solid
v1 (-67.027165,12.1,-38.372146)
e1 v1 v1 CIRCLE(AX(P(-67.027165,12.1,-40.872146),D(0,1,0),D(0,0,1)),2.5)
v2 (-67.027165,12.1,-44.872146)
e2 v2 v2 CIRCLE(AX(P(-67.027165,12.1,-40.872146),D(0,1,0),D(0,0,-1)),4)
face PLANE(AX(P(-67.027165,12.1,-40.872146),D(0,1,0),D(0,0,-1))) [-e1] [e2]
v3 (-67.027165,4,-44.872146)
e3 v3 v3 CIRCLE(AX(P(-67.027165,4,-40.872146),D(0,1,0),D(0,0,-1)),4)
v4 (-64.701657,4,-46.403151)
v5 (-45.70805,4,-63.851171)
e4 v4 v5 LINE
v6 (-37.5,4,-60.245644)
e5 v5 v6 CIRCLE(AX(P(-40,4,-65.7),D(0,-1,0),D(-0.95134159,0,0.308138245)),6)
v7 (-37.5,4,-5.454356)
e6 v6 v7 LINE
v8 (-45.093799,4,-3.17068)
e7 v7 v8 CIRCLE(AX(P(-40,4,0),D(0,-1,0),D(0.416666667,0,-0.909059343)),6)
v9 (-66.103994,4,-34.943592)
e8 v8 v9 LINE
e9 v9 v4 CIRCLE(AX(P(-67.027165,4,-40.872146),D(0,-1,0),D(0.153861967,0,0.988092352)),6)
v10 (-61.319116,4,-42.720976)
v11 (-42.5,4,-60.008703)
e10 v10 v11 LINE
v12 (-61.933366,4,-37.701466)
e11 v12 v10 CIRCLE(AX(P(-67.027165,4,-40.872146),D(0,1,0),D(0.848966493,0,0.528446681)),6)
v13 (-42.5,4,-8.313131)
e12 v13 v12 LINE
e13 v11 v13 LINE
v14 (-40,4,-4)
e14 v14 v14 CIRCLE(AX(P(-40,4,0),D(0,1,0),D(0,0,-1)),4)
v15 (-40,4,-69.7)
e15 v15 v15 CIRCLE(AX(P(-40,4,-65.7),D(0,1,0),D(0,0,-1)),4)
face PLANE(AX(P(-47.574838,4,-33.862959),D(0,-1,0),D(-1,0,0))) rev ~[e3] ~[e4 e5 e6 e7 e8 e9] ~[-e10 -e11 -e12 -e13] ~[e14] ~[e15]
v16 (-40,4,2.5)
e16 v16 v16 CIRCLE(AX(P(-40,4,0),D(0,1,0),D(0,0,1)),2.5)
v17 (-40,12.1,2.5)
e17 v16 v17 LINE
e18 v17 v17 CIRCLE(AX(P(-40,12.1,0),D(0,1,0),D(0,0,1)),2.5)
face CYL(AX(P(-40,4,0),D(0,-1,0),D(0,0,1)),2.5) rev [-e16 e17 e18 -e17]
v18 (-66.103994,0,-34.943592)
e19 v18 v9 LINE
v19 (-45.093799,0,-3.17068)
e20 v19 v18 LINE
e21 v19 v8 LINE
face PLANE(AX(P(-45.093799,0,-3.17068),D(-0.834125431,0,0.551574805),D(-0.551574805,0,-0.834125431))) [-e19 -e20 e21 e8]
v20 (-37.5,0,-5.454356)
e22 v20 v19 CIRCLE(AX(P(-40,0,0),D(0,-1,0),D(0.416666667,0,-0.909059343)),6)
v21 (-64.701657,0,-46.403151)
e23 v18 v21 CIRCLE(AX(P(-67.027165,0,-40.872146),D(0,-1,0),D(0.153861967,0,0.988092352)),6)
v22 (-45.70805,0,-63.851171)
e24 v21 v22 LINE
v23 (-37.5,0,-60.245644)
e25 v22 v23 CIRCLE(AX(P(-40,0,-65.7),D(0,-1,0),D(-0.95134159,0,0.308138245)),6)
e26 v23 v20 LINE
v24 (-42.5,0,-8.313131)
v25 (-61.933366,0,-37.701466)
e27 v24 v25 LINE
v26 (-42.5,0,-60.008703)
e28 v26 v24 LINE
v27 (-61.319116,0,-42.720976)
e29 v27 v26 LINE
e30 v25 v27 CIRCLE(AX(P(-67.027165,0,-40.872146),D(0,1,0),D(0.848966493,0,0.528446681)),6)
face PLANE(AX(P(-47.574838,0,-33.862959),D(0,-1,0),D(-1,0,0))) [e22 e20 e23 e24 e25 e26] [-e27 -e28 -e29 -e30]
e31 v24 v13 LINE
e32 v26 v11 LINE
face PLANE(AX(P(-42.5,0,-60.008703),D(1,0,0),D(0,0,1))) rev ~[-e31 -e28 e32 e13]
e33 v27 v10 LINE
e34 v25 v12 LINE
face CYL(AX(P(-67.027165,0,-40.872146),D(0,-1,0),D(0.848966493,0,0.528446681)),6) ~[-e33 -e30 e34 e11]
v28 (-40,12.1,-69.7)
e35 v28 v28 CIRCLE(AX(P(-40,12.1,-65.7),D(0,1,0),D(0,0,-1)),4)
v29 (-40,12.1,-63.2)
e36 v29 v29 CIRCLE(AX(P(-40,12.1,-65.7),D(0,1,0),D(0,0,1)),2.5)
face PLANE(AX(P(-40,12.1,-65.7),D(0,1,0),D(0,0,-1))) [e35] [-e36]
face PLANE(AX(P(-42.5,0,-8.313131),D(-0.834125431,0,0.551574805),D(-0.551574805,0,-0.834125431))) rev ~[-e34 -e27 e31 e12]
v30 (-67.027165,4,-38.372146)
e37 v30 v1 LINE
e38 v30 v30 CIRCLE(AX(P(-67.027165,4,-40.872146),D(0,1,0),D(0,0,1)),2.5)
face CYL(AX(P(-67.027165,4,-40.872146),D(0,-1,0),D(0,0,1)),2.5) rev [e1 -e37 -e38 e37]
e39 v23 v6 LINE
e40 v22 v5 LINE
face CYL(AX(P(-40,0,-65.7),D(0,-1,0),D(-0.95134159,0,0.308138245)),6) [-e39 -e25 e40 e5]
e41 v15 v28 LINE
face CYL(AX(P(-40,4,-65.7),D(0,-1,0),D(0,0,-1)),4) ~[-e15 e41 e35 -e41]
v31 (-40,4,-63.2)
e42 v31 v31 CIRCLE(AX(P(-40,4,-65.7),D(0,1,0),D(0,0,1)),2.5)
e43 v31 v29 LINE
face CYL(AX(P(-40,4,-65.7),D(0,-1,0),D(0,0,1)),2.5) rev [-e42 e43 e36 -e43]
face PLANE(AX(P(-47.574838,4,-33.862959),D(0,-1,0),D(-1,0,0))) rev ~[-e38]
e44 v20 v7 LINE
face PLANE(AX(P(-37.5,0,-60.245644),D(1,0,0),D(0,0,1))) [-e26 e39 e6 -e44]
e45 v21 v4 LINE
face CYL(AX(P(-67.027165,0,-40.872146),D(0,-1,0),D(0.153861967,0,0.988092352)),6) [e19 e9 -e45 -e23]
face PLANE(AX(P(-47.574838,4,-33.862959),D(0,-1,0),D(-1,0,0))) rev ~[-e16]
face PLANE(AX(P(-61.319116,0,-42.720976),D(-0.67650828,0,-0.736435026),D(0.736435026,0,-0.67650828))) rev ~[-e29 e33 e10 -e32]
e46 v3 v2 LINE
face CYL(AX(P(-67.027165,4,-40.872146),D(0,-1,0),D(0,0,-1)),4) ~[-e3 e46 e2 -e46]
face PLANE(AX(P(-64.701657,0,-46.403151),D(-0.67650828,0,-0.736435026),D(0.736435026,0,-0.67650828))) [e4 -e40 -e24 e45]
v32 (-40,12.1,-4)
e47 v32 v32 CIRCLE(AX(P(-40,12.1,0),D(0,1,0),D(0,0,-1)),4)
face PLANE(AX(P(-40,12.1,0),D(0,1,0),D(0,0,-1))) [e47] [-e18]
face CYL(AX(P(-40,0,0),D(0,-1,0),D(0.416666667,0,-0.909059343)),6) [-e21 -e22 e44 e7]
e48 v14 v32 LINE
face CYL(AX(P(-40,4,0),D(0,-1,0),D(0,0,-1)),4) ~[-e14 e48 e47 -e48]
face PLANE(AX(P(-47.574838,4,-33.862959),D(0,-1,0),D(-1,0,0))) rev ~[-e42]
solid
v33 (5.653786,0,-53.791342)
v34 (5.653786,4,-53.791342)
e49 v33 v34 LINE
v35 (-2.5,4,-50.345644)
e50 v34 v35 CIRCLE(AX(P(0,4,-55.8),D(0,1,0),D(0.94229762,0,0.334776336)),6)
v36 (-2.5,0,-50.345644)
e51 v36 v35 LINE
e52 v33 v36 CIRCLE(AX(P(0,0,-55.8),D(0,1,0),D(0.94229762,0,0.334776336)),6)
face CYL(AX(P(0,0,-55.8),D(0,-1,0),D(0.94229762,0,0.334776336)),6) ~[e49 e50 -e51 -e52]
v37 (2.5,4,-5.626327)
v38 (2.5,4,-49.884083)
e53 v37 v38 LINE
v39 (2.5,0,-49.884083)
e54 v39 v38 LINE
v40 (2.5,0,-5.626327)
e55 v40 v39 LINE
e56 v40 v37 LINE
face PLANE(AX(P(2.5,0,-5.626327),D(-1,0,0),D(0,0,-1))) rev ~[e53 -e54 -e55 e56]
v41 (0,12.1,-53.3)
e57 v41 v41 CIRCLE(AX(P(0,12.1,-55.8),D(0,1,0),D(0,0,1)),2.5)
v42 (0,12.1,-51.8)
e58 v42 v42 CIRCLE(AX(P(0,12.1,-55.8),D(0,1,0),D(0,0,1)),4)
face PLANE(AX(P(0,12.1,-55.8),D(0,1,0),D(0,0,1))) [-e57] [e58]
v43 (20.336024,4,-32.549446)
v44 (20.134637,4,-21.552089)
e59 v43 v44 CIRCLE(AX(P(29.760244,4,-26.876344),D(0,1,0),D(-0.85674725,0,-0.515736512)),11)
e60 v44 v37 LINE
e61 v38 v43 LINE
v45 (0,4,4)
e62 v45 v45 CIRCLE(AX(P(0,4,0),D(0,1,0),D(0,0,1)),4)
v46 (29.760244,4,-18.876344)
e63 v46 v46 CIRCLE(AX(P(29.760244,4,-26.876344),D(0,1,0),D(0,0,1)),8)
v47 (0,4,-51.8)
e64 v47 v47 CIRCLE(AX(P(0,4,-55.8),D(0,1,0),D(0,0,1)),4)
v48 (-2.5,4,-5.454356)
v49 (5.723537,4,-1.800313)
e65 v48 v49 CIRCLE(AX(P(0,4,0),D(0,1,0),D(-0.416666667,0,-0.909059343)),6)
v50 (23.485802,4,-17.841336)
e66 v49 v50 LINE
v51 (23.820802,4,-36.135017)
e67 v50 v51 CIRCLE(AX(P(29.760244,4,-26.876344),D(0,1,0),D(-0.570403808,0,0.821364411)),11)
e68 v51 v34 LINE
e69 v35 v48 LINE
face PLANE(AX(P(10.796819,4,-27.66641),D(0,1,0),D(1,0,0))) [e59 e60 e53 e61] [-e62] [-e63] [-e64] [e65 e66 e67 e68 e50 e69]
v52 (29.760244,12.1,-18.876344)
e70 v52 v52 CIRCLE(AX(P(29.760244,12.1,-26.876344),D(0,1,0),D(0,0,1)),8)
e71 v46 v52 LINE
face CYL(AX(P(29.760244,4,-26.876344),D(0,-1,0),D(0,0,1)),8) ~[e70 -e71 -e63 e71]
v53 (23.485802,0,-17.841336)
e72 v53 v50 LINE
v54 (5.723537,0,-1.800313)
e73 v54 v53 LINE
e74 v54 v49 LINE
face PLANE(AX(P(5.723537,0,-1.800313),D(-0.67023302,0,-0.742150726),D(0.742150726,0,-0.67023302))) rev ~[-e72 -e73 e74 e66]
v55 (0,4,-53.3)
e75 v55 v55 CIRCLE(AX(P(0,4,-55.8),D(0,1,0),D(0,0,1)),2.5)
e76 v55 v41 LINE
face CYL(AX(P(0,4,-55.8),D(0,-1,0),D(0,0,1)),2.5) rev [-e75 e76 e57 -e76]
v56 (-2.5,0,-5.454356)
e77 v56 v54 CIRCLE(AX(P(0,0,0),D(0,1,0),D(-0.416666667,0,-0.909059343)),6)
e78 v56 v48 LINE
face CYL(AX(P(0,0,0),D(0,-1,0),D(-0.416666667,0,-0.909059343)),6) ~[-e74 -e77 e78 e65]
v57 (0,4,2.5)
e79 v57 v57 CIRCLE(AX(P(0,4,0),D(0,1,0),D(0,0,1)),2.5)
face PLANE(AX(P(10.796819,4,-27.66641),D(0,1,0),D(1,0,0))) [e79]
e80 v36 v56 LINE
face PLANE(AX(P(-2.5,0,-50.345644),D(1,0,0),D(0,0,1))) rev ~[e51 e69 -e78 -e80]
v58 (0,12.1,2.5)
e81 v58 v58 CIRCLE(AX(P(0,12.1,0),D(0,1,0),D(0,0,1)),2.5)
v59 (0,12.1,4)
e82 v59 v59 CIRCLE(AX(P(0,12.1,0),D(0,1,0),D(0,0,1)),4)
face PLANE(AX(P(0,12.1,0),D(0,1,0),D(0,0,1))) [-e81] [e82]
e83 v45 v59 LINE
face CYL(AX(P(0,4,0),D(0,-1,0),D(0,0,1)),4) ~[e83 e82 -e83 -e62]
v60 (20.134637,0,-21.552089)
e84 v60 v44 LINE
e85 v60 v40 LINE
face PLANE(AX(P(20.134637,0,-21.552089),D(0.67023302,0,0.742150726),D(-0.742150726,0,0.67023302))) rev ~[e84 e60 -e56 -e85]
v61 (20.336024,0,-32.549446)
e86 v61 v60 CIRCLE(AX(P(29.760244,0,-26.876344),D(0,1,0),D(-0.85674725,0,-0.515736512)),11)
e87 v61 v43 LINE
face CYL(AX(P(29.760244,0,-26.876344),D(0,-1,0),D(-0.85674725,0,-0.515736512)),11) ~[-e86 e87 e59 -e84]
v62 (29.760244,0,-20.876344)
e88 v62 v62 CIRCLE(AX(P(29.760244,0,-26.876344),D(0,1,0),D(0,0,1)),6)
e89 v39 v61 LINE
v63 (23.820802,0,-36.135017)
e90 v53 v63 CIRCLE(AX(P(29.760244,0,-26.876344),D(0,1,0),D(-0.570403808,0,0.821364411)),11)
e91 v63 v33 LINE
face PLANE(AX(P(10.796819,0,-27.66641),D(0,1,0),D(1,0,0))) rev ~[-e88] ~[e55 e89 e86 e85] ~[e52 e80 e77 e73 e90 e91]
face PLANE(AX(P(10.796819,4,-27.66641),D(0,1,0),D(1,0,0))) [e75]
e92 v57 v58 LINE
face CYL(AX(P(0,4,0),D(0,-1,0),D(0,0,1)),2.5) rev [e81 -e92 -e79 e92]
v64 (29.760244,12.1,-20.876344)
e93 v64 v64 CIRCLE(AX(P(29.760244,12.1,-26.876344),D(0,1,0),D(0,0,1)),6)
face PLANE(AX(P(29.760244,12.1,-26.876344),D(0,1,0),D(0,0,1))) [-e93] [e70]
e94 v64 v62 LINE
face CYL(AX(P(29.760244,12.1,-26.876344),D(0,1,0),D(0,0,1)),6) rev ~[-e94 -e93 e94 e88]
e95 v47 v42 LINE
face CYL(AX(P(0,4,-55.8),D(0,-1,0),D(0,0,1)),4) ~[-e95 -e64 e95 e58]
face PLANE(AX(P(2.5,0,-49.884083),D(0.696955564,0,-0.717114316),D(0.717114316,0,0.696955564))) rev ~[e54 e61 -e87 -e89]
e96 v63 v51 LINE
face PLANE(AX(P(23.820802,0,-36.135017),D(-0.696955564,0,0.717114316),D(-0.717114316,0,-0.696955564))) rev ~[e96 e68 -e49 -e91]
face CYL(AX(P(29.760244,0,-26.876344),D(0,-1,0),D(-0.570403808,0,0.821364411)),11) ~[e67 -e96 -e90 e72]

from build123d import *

# Parameters (mm, degrees)
EXTRUDE_1_DEPTH     = 4
EXTRUDE_1_2_DEPTH   = 4
SKETCH_3_R          = 4
SKETCH_3_R_2        = 2.5
EXTRUDE_2_DEPTH     = 8.1
SKETCH_5_R          = 4
SKETCH_5_R_2        = 2.5
SKETCH_5_R_3        = 8
EXTRUDE_3_DEPTH     = 8.1
SKETCH_6_R          = 6
CUT_EXTRUDE_1_DEPTH = 104.054679137


with BuildPart() as part:
    # Эскиз1 → Бобышка-Вытянуть1 (new body)
    with BuildSketch(Plane(origin=(0, 0, 0), x_dir=(1, 0, 0), z_dir=(0, 1, 0))):
        with BuildLine():
            Line((-64.701657296, 46.403150718), (-45.708049543, 63.851170528))
            ThreePointArc((-45.708049543, 63.851170528), (-37.586941576, 71.193373193), (-37.5, 60.245643943))
            Line((-37.5, 60.245643943), (-37.5, 5.454356057))
            ThreePointArc((-37.5, 5.454356057), (-38.272069955, -5.745803491), (-45.093798955, 3.170680085))
            Line((-45.093798955, 3.170680085), (-66.103993638, 34.943592009))
            ThreePointArc((-66.103993638, 34.943592009), (-72.98273861, 41.600945273), (-64.701657296, 46.403150718))
        make_face()
        with BuildLine():
            Line((-61.319115896, 42.72097559), (-42.5, 60.008702662))
            Line((-42.5, 60.008702662), (-42.5, 8.313130943))
            Line((-42.5, 8.313130943), (-61.933366483, 37.701466034))
            ThreePointArc((-61.933366483, 37.701466034), (-61.071592268, 40.143346965), (-61.319115896, 42.72097559))
        make_face(mode=Mode.SUBTRACT)
    extrude(amount=EXTRUDE_1_DEPTH)

    # Эскиз3 → Бобышка-Вытянуть2 (add)
    # profile 1 of 3: a face of its own
    with BuildSketch(Plane(origin=(0, 4, 0), x_dir=(1, 0, 0), z_dir=(0, 1, 0))):
        with Locations(Location((-67.027165439, 40.872146119, 0), (0, 0, 90))):
            Circle(SKETCH_3_R)
        with Locations(Location((-67.027165439, 40.872146119, 0), (0, 0, 270))):
            Circle(SKETCH_3_R_2, mode=Mode.SUBTRACT)
    # profile 2 of 3: a face of its own
    with BuildSketch(Plane(origin=(0, 4, 0), x_dir=(1, 0, 0), z_dir=(0, 1, 0))):
        with Locations(Location((-40, 65.7, 0), (0, 0, 90))):
            Circle(SKETCH_3_R)
        with Locations(Location((-40, 65.7, 0), (0, 0, 270))):
            Circle(SKETCH_3_R_2, mode=Mode.SUBTRACT)
    # profile 3 of 3: a face of its own
    with BuildSketch(Plane(origin=(0, 4, 0), x_dir=(1, 0, 0), z_dir=(0, 1, 0))):
        with Locations(Location((-40, 0, 0), (0, 0, 90))):
            Circle(SKETCH_3_R)
        with Locations(Location((-40, 0, 0), (0, 0, 270))):
            Circle(SKETCH_3_R_2, mode=Mode.SUBTRACT)
    extrude(amount=EXTRUDE_2_DEPTH)


with BuildPart() as body_2:
    # Эскиз1 → Extrude 1 2 (new body)
    with BuildSketch(Plane(origin=(0, 0, 0), x_dir=(1, 0, 0), z_dir=(0, 1, 0))):
        with BuildLine():
            Line((-2.5, 50.345643943), (-2.5, 5.454356057))
            ThreePointArc((-2.5, 5.454356057), (-2.436350888, -5.483082559), (5.723536854, 1.800312716))
            Line((5.723536854, 1.800312716), (23.485802209, 17.841335562))
            ThreePointArc((23.485802209, 17.841335562), (40.75840018, 26.67494221), (23.820802166, 36.135017294))
            Line((23.820802166, 36.135017294), (5.653785721, 53.791341986))
            ThreePointArc((5.653785721, 53.791341986), (-2.335551293, 61.326771223), (-2.5, 50.345643943))
        make_face()
        with BuildLine():
            Line((20.134637111, 21.55208919), (2.5, 5.626326843))
            Line((2.5, 5.626326843), (2.5, 49.884082804))
            Line((2.5, 49.884082804), (20.336024345, 32.549445717))
            ThreePointArc((20.336024345, 32.549445717), (18.762088009, 27.077745962), (20.134637111, 21.55208919))
        make_face(mode=Mode.SUBTRACT)
    extrude(amount=EXTRUDE_1_2_DEPTH)

    # Эскиз5 → Бобышка-Вытянуть3 (add)
    # profile 1 of 3: a face of its own
    with BuildSketch(Plane(origin=(0, 4, 0), x_dir=(1, 0, 0), z_dir=(0, 1, 0))):
        with Locations(Location((0, 55.8, 0), (0, 0, 270))):
            Circle(SKETCH_5_R)
        with Locations(Location((0, 55.8, 0), (0, 0, 270))):
            Circle(SKETCH_5_R_2, mode=Mode.SUBTRACT)
    # profile 2 of 3: a face of its own
    with BuildSketch(Plane(origin=(0, 4, 0), x_dir=(1, 0, 0), z_dir=(0, 1, 0))):
        with Locations(Location((0, 0, 0), (0, 0, 270))):
            Circle(SKETCH_5_R)
        with Locations(Location((0, 0, 0), (0, 0, 270))):
            Circle(SKETCH_5_R_2, mode=Mode.SUBTRACT)
    # profile 3 of 3: a face of its own
    with BuildSketch(Plane(origin=(0, 4, 0), x_dir=(1, 0, 0), z_dir=(0, 1, 0))):
        with Locations(Location((29.760244095, 26.876344086, 0), (0, 0, 270))):
            Circle(SKETCH_5_R_3)
    extrude(amount=EXTRUDE_3_DEPTH)

    # Эскиз6 → Вырез-Вытянуть1 (cut, through all)
    with BuildSketch(Plane(origin=(0, 12.1, 0), x_dir=(1, 0, 0), z_dir=(0, 1, 0))):
        with Locations(Location((29.760244095, 26.876344086, 0), (0, 0, 270))):
            Circle(SKETCH_6_R)
    extrude(amount=-CUT_EXTRUDE_1_DEPTH, mode=Mode.SUBTRACT)


solid = Compound([part.part, body_2.part])
